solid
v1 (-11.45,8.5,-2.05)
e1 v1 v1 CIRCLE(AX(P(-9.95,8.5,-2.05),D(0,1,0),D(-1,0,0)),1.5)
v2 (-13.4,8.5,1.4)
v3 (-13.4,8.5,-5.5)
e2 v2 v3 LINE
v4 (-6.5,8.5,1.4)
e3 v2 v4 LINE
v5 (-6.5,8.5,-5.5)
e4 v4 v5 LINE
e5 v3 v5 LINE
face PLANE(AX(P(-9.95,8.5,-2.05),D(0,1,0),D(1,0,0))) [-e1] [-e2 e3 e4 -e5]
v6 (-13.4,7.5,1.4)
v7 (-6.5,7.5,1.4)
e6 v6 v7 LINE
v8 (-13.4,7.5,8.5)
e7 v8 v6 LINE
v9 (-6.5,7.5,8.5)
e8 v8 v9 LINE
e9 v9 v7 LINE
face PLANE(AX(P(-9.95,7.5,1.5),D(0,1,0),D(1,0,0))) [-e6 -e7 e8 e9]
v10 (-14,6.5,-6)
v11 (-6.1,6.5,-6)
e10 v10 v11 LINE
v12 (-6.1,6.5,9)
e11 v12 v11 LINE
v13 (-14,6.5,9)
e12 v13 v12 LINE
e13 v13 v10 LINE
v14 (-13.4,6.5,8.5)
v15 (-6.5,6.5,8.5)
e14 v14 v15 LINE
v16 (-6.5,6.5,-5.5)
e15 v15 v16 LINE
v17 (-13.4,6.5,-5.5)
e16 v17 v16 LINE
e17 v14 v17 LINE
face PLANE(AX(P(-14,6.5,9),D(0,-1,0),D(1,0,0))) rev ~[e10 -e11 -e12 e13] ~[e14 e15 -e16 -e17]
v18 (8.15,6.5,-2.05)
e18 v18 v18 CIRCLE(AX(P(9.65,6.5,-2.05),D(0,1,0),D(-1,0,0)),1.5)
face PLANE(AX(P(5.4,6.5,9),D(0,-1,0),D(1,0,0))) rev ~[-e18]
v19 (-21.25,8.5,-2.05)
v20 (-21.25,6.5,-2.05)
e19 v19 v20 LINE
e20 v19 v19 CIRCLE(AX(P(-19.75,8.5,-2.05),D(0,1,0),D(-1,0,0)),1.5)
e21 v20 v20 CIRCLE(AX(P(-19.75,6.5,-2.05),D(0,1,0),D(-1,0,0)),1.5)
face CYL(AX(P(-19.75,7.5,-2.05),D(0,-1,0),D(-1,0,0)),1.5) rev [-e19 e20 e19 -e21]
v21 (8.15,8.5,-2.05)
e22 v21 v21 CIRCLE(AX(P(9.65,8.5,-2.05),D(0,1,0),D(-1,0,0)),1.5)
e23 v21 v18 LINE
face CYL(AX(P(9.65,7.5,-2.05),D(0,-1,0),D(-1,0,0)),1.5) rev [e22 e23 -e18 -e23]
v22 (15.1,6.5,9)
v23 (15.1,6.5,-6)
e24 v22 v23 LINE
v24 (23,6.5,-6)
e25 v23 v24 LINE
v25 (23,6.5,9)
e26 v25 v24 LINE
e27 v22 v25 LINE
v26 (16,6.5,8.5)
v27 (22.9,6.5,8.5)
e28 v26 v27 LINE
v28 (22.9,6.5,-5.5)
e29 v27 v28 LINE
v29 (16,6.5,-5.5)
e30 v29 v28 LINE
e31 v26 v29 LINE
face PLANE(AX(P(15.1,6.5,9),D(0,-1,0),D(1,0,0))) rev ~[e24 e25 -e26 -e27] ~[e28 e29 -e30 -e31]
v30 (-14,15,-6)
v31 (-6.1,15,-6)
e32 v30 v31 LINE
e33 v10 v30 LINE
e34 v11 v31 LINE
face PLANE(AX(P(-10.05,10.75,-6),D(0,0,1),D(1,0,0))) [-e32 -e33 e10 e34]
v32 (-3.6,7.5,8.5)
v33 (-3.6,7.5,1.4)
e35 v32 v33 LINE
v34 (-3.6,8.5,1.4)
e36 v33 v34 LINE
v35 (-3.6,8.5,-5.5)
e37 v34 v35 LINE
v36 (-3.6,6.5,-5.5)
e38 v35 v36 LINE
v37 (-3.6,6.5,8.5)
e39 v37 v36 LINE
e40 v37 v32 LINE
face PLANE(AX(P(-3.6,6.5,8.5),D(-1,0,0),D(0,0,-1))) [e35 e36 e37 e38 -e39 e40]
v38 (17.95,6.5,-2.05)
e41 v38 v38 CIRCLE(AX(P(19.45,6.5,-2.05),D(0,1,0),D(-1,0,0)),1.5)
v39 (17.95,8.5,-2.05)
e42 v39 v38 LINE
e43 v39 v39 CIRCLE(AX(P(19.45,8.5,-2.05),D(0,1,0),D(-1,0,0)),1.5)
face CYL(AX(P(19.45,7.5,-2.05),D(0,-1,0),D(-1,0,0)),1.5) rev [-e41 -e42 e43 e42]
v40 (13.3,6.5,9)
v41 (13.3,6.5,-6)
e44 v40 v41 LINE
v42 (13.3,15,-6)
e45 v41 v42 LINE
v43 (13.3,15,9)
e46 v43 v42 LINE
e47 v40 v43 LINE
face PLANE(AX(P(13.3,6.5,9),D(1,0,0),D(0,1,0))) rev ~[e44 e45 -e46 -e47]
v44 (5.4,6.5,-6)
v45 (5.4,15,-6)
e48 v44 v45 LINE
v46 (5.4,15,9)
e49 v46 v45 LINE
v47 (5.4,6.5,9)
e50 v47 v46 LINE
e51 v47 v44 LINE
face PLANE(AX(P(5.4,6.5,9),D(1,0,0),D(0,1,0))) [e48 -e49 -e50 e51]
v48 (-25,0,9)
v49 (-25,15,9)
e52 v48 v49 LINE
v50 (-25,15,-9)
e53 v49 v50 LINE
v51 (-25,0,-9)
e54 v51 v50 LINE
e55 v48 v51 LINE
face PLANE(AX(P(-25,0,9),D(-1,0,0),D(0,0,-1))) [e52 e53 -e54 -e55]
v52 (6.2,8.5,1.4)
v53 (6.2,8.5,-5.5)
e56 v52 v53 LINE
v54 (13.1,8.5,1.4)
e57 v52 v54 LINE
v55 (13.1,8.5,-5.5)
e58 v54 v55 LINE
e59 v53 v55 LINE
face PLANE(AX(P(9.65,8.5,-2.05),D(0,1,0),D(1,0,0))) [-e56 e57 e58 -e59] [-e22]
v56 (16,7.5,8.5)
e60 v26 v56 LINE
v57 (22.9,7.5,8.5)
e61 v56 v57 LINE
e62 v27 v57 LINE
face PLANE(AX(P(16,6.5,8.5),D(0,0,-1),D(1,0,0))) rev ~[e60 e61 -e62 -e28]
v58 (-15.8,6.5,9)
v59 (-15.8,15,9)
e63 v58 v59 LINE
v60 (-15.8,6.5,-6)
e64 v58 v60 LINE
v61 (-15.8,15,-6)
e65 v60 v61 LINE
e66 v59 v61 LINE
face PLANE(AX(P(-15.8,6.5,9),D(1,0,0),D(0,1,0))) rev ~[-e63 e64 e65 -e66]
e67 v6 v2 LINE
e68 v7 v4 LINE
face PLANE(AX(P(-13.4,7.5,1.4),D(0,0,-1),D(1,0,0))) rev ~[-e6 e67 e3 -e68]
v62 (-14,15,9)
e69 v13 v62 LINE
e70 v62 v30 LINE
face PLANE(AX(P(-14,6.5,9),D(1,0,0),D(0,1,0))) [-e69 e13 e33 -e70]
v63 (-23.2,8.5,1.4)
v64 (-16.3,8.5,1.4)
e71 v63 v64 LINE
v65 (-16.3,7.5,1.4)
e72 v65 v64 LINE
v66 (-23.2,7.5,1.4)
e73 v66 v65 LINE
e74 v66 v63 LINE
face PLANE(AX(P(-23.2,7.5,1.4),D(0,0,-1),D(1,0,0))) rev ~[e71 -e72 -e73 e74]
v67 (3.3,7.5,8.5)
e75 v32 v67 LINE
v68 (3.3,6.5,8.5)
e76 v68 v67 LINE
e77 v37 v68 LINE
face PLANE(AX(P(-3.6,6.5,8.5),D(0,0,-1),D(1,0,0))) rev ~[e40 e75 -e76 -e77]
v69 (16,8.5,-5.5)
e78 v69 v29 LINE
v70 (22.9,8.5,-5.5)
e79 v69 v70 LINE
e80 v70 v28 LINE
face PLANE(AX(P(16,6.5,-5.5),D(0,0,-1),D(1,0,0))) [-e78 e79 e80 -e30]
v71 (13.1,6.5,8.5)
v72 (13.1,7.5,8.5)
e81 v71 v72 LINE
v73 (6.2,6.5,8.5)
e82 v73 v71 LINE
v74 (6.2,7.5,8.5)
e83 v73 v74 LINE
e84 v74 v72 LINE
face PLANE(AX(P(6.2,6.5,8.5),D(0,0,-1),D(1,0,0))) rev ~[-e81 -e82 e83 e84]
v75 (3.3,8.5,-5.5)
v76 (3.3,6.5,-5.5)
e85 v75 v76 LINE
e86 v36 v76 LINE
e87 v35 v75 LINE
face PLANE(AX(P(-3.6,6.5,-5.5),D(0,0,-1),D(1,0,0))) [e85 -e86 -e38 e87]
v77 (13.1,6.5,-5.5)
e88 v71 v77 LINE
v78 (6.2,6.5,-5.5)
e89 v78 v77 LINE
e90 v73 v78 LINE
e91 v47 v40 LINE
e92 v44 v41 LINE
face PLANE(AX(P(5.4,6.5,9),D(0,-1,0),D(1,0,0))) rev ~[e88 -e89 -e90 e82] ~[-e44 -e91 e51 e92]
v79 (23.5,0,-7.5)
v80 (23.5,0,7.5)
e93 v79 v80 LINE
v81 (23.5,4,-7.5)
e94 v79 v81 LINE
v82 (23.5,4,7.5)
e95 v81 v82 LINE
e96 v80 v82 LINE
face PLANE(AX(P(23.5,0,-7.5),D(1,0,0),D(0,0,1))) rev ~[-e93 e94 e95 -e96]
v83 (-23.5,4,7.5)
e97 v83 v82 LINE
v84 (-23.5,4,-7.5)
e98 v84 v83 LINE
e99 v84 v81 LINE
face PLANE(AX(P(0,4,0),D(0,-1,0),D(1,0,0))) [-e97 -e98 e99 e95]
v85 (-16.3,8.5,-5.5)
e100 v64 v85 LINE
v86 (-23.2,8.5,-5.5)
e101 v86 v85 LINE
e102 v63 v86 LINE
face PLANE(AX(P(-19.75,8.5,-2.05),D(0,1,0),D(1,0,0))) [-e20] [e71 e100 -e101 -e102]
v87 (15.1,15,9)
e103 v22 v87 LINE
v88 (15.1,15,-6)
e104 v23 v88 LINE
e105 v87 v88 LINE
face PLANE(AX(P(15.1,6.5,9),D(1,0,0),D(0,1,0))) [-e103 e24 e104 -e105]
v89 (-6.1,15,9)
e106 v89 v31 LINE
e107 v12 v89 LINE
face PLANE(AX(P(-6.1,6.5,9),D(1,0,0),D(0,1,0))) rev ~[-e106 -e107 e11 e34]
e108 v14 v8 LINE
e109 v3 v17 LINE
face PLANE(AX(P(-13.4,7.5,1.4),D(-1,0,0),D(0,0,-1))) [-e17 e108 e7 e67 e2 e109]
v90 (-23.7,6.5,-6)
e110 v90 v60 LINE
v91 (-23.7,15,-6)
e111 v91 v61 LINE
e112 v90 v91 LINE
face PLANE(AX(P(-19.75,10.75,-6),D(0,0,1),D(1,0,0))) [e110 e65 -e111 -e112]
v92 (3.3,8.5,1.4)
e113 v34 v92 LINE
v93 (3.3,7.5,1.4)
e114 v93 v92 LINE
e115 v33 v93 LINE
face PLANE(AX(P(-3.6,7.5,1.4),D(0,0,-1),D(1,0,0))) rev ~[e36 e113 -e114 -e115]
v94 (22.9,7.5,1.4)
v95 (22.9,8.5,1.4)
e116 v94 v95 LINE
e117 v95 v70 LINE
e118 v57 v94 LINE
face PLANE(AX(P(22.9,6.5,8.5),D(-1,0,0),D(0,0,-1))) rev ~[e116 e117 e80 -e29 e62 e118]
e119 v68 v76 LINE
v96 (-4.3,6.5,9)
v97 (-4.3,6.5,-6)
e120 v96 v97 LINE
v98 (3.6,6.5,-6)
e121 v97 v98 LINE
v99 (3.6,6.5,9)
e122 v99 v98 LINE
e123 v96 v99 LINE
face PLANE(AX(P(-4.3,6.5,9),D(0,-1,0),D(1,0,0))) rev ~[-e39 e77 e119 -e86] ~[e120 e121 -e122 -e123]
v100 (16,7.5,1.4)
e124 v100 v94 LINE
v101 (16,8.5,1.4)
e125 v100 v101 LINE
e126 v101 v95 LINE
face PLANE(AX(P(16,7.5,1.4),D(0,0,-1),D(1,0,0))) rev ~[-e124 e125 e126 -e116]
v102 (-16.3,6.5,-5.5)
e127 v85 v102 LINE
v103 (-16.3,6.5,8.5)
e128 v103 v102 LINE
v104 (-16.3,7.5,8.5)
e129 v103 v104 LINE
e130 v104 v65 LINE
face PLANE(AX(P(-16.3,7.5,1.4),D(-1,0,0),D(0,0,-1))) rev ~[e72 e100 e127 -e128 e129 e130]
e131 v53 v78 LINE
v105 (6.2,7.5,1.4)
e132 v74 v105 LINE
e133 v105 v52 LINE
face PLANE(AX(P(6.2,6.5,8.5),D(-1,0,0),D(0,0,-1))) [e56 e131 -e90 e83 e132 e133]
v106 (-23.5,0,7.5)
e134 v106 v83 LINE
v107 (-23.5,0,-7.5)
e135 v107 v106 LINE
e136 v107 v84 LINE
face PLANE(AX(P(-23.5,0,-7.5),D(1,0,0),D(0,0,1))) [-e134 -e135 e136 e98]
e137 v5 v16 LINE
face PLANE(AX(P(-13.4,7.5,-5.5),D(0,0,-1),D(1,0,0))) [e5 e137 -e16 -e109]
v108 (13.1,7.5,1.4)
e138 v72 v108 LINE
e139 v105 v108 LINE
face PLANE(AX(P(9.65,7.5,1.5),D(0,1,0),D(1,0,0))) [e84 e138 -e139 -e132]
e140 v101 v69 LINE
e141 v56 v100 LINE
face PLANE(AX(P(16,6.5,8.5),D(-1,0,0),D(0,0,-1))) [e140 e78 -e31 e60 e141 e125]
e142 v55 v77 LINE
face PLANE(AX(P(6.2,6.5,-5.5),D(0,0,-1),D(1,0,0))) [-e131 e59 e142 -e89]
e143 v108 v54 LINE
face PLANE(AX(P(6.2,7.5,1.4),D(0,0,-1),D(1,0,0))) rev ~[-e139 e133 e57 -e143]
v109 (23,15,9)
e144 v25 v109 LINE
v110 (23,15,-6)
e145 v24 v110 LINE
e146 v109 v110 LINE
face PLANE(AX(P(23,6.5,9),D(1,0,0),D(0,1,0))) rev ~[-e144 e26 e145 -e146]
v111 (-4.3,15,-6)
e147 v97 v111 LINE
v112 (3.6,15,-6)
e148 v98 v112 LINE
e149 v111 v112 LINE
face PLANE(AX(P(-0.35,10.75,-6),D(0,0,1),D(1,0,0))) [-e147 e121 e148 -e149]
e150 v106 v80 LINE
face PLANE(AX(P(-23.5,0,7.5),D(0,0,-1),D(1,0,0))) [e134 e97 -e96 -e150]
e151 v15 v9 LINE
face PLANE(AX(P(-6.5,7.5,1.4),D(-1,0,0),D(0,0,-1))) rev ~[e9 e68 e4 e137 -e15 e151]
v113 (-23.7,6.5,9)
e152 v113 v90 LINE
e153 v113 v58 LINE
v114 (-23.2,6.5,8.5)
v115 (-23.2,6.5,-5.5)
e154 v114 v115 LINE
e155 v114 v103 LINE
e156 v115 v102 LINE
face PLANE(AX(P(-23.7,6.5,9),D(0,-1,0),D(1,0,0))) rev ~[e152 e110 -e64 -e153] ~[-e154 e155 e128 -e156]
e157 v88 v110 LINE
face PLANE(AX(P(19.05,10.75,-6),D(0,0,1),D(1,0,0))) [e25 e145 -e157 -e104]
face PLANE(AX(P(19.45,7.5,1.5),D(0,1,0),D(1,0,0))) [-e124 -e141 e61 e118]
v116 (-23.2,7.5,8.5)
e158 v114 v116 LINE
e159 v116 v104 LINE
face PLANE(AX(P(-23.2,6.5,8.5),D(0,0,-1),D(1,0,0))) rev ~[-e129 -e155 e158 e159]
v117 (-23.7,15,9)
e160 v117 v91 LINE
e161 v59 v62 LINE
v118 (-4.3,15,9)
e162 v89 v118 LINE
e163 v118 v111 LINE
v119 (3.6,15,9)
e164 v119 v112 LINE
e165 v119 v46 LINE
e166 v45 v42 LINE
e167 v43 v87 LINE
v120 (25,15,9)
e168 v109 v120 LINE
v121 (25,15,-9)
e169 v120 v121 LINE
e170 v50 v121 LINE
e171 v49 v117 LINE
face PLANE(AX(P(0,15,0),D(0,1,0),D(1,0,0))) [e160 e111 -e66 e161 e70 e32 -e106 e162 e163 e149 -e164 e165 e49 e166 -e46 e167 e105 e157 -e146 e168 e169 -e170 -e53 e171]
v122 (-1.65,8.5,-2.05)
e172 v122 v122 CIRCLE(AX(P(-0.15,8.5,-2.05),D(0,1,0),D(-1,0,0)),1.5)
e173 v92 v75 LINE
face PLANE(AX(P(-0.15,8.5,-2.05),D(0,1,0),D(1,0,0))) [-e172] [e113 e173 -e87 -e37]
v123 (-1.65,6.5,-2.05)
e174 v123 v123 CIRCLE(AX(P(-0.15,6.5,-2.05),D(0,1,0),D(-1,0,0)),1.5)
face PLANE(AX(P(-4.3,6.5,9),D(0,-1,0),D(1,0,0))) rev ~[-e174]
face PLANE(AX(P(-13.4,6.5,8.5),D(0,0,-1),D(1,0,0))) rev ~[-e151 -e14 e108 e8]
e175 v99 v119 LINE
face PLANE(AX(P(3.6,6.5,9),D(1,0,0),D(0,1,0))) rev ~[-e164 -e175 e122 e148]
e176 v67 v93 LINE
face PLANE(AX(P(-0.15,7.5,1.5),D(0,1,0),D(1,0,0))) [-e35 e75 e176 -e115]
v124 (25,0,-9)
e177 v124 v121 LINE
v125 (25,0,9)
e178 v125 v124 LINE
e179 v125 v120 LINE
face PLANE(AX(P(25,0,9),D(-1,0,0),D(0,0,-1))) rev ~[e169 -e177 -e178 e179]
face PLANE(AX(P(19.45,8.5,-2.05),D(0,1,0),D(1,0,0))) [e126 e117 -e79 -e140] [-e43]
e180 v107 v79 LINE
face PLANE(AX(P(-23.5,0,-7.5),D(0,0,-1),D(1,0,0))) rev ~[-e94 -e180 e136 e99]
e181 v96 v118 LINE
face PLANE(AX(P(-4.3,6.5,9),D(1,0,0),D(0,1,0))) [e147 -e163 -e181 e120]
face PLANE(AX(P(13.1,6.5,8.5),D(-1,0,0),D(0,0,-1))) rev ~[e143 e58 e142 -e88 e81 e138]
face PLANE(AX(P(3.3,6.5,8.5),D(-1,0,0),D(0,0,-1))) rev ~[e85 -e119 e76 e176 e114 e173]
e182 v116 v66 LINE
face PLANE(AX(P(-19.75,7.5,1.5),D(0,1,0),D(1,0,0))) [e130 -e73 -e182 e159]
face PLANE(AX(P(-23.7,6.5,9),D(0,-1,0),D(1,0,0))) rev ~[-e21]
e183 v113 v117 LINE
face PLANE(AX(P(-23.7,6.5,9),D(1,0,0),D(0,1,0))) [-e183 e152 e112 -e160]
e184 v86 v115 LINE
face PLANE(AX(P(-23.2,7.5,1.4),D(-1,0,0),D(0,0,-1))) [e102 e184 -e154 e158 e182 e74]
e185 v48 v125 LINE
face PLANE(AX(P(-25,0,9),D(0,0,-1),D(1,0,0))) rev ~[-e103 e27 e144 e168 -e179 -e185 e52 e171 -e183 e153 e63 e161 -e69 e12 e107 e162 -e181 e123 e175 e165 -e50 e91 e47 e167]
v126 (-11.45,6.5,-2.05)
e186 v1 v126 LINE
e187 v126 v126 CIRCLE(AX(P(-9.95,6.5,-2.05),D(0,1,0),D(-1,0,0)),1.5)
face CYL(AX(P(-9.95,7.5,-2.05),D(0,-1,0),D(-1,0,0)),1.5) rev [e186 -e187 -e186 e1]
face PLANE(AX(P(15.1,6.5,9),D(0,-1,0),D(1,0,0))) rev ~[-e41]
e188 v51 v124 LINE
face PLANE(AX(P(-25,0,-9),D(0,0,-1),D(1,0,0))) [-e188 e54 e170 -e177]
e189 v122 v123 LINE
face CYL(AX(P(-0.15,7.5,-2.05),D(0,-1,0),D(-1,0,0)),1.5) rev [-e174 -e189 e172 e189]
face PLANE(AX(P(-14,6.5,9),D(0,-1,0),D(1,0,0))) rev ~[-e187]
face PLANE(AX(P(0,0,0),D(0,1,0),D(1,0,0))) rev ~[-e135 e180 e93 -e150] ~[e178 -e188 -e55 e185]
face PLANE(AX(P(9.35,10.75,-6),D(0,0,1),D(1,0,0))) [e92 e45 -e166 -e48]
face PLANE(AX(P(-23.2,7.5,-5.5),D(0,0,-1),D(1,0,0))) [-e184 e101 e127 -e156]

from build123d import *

# Parameters (mm, degrees)
SKETCH1_W           = 50
SKETCH1_H           = 18
BOSS_EXTRUDE1_DEPTH = 15
SKETCH2_W           = 7.9
SKETCH2_H           = 8.5
CUT_EXTRUDE1_DEPTH  = 15
SKETCH3_W           = 47
SKETCH3_H           = 15
CUT_EXTRUDE2_DEPTH  = 4
SKETCH4_W           = 6.9
SKETCH4_H           = 14
SKETCH4_R           = 1.5
BOSS_EXTRUDE2_DEPTH = 1
LPATTERN1_COUNT     = 5
LPATTERN1_PITCH     = 9.8
SKETCH5_W           = 6.9
SKETCH5_H           = 6.9
SKETCH5_R           = 1.5
BOSS_EXTRUDE3_DEPTH = 1
LPATTERN2_COUNT     = 5
LPATTERN2_PITCH     = 9.8


with BuildPart() as part:
    # Sketch1 → Boss-Extrude1 (new body)
    with BuildSketch(Plane(origin=(0, 0, 0), x_dir=(1, 0, 0), z_dir=(0, 1, 0))):
        Rectangle(SKETCH1_W, SKETCH1_H)
    extrude(amount=BOSS_EXTRUDE1_DEPTH)

    # Sketch2 → Cut-Extrude1 (cut)
    with BuildSketch(Plane.XY.offset(9)):
        with Locations((-19.75, 10.75)):
            Rectangle(SKETCH2_W, SKETCH2_H)
        with Locations((-10.05, 10.75)):
            Rectangle(SKETCH2_W, SKETCH2_H)
        with Locations((-0.35, 10.75)):
            Rectangle(SKETCH2_W, SKETCH2_H)
        with Locations((9.35, 10.75)):
            Rectangle(SKETCH2_W, SKETCH2_H)
        with Locations((19.05, 10.75)):
            Rectangle(SKETCH2_W, SKETCH2_H)
    extrude(amount=-CUT_EXTRUDE1_DEPTH, mode=Mode.SUBTRACT)

    # Sketch3 → Cut-Extrude2 (cut)
    with BuildSketch(Plane.XZ):
        Rectangle(SKETCH3_W, SKETCH3_H)
    extrude(amount=-CUT_EXTRUDE2_DEPTH, mode=Mode.SUBTRACT)

    # Sketch4 → Boss-Extrude2 (add)
    with BuildSketch(Plane(origin=(0, 6.5, 0), x_dir=(1, 0, 0), z_dir=(0, 1, 0))):
        with Locations((-19.75, -1.5)):
            Rectangle(SKETCH4_W, SKETCH4_H)
        with Locations(Location((-19.75, 2.05, 0), (0, 0, 180))):
            Circle(SKETCH4_R, mode=Mode.SUBTRACT)
    boss_extrude2 = extrude(amount=BOSS_EXTRUDE2_DEPTH)

    # LPattern1: Boss-Extrude2 ×5
    with Locations(*[(i * LPATTERN1_PITCH, 0, 0) for i in range(1, LPATTERN1_COUNT)]):
        add(boss_extrude2)

    # Sketch5 → Boss-Extrude3 (add)
    with BuildSketch(Plane(origin=(0, 7.5, 0), x_dir=(1, 0, 0), z_dir=(0, 1, 0))):
        with Locations((-19.75, 2.05)):
            Rectangle(SKETCH5_W, SKETCH5_H)
        with Locations(Location((-19.75, 2.05, 0), (0, 0, 180))):
            Circle(SKETCH5_R, mode=Mode.SUBTRACT)
    boss_extrude3 = extrude(amount=BOSS_EXTRUDE3_DEPTH)

    # LPattern2: Boss-Extrude3 ×5
    with Locations(*[(i * LPATTERN2_PITCH, 0, 0) for i in range(1, LPATTERN2_COUNT)]):
        add(boss_extrude3)


solid = part.part
